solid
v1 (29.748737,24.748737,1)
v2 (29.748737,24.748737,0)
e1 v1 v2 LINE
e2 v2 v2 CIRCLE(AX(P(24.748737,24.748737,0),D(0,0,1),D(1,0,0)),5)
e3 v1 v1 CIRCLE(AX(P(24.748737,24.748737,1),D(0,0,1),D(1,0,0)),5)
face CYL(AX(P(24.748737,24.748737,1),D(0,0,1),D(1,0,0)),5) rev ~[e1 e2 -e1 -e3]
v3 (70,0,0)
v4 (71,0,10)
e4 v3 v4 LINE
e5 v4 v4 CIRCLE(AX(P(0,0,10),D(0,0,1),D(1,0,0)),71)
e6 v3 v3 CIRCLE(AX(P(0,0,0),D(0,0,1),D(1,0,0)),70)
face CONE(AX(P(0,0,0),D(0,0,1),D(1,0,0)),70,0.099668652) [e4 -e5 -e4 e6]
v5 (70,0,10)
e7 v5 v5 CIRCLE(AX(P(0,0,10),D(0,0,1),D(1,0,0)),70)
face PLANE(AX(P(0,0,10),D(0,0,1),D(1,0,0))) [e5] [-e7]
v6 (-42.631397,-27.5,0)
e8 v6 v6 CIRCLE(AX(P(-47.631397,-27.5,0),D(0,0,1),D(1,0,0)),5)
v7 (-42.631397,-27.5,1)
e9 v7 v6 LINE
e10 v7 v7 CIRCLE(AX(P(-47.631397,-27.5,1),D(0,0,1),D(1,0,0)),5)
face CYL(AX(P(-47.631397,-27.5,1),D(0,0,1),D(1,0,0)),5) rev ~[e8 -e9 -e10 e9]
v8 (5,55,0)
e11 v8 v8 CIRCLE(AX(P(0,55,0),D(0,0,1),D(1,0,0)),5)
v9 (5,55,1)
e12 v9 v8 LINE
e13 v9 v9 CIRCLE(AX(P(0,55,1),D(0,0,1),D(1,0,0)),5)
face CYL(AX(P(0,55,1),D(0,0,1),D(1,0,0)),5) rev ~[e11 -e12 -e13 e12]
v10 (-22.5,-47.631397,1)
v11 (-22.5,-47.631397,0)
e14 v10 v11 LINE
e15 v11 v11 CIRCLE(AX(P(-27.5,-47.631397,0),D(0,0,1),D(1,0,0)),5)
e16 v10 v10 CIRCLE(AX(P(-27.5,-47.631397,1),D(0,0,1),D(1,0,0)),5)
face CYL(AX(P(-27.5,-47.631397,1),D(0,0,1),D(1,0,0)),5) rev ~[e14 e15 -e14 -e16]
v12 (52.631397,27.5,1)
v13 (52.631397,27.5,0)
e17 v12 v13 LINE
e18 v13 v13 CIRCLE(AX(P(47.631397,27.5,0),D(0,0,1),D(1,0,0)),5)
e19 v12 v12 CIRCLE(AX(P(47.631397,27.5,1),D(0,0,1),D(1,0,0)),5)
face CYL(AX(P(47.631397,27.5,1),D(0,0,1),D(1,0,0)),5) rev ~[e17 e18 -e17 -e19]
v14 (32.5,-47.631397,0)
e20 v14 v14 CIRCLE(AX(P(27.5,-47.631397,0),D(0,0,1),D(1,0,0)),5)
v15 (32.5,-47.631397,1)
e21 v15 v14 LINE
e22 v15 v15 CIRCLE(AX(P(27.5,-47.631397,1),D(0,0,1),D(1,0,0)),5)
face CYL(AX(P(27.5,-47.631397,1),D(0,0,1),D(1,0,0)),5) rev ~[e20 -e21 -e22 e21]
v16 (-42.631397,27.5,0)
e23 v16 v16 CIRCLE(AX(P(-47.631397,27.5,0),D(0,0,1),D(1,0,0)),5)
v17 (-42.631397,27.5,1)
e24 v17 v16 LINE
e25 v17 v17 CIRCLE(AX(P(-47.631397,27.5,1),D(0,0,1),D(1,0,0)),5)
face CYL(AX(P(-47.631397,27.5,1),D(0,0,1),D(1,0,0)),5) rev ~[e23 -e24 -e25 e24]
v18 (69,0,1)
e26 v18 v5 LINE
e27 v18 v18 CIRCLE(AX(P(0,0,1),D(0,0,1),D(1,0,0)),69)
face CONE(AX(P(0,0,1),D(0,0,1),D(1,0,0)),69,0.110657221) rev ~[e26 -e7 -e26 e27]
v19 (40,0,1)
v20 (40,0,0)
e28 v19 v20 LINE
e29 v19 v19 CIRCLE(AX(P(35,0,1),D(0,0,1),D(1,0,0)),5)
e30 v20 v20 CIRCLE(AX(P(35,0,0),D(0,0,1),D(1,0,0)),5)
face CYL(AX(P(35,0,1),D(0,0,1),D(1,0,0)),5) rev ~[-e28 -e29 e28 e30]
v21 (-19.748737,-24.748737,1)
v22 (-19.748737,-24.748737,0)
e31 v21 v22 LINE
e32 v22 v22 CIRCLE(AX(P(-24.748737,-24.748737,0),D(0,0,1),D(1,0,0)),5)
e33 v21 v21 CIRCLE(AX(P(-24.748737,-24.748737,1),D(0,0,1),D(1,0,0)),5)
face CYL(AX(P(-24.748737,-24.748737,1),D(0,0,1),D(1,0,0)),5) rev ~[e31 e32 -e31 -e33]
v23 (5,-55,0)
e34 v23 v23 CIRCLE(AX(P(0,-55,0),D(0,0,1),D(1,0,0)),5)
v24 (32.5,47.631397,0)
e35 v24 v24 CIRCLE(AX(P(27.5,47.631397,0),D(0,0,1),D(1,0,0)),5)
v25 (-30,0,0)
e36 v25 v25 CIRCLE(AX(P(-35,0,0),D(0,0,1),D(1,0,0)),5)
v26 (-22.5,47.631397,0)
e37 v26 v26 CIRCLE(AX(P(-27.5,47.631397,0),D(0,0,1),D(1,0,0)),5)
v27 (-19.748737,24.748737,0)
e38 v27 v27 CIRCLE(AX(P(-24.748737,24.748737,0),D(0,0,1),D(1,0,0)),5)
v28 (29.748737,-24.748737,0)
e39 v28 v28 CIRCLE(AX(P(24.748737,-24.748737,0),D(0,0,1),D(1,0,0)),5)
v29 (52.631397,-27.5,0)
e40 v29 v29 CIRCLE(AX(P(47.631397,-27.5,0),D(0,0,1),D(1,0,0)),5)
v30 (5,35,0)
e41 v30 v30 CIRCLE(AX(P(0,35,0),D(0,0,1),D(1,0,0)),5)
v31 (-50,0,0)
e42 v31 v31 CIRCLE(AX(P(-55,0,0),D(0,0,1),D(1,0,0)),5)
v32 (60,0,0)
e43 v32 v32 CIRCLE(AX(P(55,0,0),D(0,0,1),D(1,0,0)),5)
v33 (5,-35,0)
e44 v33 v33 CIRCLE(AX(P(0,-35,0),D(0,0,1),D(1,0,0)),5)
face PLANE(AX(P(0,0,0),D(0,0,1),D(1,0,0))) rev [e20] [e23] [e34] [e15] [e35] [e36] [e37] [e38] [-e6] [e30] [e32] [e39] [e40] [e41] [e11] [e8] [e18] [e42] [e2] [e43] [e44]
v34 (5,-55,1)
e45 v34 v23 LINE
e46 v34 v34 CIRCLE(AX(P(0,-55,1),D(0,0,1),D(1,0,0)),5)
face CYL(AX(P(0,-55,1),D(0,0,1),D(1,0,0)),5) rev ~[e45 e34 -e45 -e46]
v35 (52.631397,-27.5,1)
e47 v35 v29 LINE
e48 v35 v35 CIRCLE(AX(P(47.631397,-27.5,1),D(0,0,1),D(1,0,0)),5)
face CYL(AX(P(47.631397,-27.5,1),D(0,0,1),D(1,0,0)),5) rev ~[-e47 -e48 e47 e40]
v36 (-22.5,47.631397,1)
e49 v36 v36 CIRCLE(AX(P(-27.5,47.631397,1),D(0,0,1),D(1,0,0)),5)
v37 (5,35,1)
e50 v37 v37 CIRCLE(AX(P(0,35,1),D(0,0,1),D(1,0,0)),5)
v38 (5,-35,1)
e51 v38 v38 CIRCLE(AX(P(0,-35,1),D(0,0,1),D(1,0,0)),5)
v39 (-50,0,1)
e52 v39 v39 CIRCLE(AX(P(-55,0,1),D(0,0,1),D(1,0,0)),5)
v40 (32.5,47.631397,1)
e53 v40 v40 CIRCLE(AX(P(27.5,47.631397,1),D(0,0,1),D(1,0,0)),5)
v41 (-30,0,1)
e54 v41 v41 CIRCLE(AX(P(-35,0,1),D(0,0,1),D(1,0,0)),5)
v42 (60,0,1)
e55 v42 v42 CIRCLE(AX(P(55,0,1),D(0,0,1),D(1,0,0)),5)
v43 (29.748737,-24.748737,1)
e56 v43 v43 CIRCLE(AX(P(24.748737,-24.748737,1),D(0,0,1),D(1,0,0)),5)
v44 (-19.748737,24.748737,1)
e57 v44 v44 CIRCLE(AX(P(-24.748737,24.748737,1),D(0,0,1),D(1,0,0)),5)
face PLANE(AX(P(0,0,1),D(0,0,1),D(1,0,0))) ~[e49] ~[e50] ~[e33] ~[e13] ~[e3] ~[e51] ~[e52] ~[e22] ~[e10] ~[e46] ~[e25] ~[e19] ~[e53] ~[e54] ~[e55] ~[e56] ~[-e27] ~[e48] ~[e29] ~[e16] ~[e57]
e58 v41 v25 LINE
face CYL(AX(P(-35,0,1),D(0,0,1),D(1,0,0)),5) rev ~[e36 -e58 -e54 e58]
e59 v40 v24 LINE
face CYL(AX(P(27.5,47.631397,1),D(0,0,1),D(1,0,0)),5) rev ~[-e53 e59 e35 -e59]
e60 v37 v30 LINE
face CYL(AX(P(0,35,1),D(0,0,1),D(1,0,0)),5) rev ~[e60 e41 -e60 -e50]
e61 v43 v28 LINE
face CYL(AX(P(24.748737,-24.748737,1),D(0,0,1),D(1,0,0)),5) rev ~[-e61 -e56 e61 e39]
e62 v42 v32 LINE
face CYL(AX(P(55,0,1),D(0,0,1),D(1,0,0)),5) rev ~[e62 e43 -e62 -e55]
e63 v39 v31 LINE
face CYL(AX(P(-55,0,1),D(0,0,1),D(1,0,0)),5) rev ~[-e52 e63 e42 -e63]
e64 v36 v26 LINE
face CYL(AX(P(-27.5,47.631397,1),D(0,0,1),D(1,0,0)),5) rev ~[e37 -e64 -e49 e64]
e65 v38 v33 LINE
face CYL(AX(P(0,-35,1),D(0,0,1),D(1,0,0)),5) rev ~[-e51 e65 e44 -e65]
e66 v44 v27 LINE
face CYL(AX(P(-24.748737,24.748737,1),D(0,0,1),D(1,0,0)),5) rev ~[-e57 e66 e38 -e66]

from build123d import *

# Parameters (mm, degrees)
SKETCH008_R      = 5
EXTRUDE002_DEPTH = 10


with BuildPart() as extrude002:
    # Sketch008 (on Face5 of Cut002) → Extrude002 (new body)
    with BuildSketch(Plane.XY.offset(1)):
        with Locations((35, 0)):
            Circle(SKETCH008_R)
        with Locations((0, 35)):
            Circle(SKETCH008_R)
        with Locations((-35, 0)):
            Circle(SKETCH008_R)
        with Locations((0, -35)):
            Circle(SKETCH008_R)
        with Locations((0, 55)):
            Circle(SKETCH008_R)
        with Locations((55, 0)):
            Circle(SKETCH008_R)
        with Locations((0, -55)):
            Circle(SKETCH008_R)
        with Locations((-55, 0)):
            Circle(SKETCH008_R)
        with Locations((-24.748737, 24.748737)):
            Circle(SKETCH008_R)
        with Locations((-24.748737, -24.748737)):
            Circle(SKETCH008_R)
        with Locations((24.748737, -24.748737)):
            Circle(SKETCH008_R)
        with Locations((24.748737, 24.748737)):
            Circle(SKETCH008_R)
        with Locations((-47.631397, 27.5)):
            Circle(SKETCH008_R)
        with Locations((-27.5, 47.631397)):
            Circle(SKETCH008_R)
        with Locations((27.5, 47.631397)):
            Circle(SKETCH008_R)
        with Locations((47.631397, 27.5)):
            Circle(SKETCH008_R)
        with Locations((47.631397, -27.5)):
            Circle(SKETCH008_R)
        with Locations((27.5, -47.631397)):
            Circle(SKETCH008_R)
        with Locations((-27.5, -47.631397)):
            Circle(SKETCH008_R)
        with Locations((-47.631397, -27.5)):
            Circle(SKETCH008_R)
    extrude(amount=-EXTRUDE002_DEPTH)


with BuildPart() as cone003:
    # Cone003 → Cone003 (revolve)
    with BuildSketch(Plane(origin=(0, 0, 1), x_dir=(1, 0, 0), z_dir=(0, -1, 0))):
        Polygon((0, 0), (69, 0), (70, 9), (0, 9), align=None)
    revolve(axis=Axis((0, 0, 1), (0, 0, 1)))


with BuildPart() as simple_bottom:
    # Cone002 → Cone002 (revolve)
    with BuildSketch(Plane.XZ):
        Polygon((0, 0), (70, 0), (71, 10), (0, 10), align=None)
    revolve(axis=Axis((0, 0, 0), (0, 0, 1)))

    # Cut002: cut Cone003
    add(cone003.part, mode=Mode.SUBTRACT)

    # Cut003: cut Extrude002
    add(extrude002.part, mode=Mode.SUBTRACT)


solid = simple_bottom.part
